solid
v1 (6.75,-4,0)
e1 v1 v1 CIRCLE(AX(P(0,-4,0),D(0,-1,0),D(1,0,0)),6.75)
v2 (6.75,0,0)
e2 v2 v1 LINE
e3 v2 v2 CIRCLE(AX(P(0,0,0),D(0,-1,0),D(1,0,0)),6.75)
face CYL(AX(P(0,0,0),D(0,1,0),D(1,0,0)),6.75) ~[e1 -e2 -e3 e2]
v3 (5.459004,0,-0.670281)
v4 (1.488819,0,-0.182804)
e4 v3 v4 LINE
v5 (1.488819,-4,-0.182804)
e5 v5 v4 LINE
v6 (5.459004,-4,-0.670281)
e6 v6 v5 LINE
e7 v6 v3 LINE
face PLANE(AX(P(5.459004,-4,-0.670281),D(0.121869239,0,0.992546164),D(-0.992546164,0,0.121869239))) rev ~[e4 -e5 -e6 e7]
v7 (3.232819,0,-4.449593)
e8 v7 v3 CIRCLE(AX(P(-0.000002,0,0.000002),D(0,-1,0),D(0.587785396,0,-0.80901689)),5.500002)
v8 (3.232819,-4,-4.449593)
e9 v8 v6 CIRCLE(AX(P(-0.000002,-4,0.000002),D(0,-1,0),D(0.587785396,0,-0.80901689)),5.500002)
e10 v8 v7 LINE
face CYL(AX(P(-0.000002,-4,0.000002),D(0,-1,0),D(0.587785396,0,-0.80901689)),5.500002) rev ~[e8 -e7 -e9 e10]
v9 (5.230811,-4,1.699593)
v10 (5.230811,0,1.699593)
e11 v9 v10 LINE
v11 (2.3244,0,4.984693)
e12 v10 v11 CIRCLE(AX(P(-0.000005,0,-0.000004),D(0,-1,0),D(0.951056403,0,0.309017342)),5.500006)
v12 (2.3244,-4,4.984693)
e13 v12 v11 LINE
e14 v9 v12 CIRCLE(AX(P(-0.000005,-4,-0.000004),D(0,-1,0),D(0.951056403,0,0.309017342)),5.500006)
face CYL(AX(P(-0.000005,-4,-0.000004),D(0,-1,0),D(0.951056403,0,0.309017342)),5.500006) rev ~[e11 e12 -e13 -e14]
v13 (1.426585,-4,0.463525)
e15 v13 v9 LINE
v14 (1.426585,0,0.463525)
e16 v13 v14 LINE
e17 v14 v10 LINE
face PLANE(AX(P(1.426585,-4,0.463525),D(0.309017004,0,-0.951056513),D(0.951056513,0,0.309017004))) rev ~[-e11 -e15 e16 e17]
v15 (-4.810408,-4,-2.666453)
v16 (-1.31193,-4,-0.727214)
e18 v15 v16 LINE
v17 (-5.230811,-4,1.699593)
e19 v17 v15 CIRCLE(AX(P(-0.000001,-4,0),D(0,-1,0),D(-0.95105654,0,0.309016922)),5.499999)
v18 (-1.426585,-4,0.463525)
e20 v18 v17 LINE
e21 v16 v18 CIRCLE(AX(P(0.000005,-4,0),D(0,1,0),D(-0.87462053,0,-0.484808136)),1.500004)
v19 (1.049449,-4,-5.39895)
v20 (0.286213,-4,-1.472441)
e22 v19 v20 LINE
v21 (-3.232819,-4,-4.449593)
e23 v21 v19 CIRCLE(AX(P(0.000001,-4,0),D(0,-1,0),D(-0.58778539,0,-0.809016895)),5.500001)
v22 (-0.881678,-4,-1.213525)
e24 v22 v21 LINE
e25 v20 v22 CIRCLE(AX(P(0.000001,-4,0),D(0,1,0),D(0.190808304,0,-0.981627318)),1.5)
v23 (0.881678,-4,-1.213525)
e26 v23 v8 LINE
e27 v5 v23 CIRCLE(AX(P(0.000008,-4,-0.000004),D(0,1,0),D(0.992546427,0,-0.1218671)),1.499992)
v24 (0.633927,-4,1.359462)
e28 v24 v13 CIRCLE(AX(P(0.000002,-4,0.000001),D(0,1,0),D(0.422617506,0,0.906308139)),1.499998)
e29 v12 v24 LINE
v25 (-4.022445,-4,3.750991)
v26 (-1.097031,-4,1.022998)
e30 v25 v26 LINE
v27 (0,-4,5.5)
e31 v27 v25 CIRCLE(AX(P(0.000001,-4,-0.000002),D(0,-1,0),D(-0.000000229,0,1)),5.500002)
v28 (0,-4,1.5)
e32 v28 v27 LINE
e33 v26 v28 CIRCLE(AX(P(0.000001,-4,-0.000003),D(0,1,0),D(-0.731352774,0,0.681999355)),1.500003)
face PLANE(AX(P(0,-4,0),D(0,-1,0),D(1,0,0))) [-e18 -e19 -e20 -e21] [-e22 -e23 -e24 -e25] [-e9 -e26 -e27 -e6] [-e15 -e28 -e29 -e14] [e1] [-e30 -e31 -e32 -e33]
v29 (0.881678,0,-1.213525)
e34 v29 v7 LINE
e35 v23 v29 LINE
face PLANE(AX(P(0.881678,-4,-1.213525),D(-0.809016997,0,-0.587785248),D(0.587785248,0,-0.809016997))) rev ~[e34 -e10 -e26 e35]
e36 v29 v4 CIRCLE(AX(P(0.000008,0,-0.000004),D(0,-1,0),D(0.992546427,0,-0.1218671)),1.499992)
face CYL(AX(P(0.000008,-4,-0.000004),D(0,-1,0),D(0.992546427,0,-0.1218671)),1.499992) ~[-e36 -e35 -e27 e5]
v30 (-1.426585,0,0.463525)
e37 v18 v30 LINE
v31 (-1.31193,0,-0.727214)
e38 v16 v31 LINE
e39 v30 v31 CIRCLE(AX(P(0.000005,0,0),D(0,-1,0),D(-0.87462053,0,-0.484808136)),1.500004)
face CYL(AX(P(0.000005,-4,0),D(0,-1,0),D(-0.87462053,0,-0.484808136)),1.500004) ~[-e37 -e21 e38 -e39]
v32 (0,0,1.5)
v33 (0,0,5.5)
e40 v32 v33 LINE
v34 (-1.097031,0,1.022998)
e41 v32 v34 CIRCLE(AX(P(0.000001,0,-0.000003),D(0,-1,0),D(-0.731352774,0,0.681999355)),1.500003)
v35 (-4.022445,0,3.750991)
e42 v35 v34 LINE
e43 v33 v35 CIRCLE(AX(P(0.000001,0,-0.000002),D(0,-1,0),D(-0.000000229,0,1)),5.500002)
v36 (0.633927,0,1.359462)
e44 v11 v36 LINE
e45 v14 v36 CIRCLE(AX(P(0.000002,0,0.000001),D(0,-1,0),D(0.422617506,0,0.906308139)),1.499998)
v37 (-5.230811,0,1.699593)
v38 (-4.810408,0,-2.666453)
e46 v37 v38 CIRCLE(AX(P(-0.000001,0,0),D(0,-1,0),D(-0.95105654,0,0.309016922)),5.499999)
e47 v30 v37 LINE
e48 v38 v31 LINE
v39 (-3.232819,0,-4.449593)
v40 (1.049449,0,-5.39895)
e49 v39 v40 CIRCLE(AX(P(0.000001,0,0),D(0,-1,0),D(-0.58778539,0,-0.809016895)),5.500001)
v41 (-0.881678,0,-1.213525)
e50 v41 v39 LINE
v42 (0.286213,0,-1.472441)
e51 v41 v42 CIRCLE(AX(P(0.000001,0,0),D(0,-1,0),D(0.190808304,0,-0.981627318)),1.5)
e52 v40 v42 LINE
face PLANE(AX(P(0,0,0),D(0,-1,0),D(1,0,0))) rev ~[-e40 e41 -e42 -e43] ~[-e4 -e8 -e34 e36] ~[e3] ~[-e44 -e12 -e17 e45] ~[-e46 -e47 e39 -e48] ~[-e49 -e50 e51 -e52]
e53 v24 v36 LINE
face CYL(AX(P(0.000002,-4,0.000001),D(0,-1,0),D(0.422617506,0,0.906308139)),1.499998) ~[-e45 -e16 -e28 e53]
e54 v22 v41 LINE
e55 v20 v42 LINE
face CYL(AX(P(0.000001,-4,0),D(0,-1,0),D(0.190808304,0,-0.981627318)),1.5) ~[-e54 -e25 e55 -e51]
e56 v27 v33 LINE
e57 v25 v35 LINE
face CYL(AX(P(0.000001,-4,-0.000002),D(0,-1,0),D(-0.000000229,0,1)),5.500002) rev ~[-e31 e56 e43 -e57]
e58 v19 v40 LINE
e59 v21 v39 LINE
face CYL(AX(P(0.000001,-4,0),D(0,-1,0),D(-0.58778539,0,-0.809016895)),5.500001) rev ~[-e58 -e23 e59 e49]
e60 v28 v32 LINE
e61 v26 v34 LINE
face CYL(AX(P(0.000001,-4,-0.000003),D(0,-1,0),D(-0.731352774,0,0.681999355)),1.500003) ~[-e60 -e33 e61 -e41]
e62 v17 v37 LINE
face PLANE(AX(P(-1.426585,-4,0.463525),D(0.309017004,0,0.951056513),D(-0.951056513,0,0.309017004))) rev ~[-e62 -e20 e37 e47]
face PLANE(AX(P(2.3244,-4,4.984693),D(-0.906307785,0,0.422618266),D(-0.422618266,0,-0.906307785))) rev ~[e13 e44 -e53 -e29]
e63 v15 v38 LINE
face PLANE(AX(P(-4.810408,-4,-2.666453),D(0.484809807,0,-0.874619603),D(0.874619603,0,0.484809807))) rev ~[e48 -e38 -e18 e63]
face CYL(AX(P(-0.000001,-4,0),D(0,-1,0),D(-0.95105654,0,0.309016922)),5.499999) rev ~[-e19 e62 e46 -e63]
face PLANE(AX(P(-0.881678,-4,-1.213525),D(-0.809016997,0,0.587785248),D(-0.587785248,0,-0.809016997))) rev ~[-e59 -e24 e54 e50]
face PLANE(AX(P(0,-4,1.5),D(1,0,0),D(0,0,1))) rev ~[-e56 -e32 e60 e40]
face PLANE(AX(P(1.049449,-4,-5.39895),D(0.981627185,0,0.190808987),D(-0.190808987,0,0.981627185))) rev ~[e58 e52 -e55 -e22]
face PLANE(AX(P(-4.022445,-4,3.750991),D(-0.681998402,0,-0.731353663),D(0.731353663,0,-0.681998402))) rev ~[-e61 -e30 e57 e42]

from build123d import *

# Parameters (mm, degrees)
F0_R     = 6.75
F1_DEPTH = 4
F3_DEPTH = 25


with BuildPart() as f1:
    # F0 (on Front) → F1 (new body)
    with BuildSketch(Plane.XZ):
        Circle(F0_R)
    extrude(amount=F1_DEPTH)

    # F2 (on face) → F3 (cut)
    with BuildSketch(Plane.XZ.offset(4)):
        with BuildLine():
            Line((0, 1.5), (0, 5.5))
            ThreePointArc((0, 5.5), (-2.19312, 5.04383), (-4.022445, 3.750991))
            Line((-4.022445, 3.750991), (-1.097031, 1.022998))
            ThreePointArc((-1.097031, 1.022998), (-0.598124, 1.37559), (0, 1.5))
        make_face()
        with BuildLine():
            Line((1.426585, 0.463525), (5.230811, 1.699593))
            ThreePointArc((5.230811, 1.699593), (4.119256, 3.64441), (2.3244, 4.984693))
            Line((2.3244, 4.984693), (0.633927, 1.359462))
            ThreePointArc((0.633927, 1.359462), (1.123434, 0.99393), (1.426585, 0.463525))
        make_face()
        with BuildLine():
            ThreePointArc((3.232819, -4.449593), (4.73896, -2.791461), (5.459004, -0.670281))
            Line((5.459004, -0.670281), (1.488819, -0.182804))
            ThreePointArc((1.488819, -0.182804), (1.292444, -0.761308), (0.881678, -1.213525))
            Line((0.881678, -1.213525), (3.232819, -4.449593))
        make_face()
        with BuildLine():
            ThreePointArc((-3.232819, -4.449593), (-1.190418, -5.369628), (1.049449, -5.39895))
            Line((1.049449, -5.39895), (0.286213, -1.472441))
            ThreePointArc((0.286213, -1.472441), (-0.324659, -1.464444), (-0.881678, -1.213525))
            Line((-0.881678, -1.213525), (-3.232819, -4.449593))
        make_face()
        with BuildLine():
            Line((-1.426585, 0.463525), (-5.230811, 1.699593))
            ThreePointArc((-5.230811, 1.699593), (-5.474679, -0.527152), (-4.810408, -2.666453))
            Line((-4.810408, -2.666453), (-1.31193, -0.727214))
            ThreePointArc((-1.31193, -0.727214), (-1.493094, -0.143769), (-1.426585, 0.463525))
        make_face()
    extrude(amount=-F3_DEPTH, mode=Mode.SUBTRACT)


solid = f1.part
